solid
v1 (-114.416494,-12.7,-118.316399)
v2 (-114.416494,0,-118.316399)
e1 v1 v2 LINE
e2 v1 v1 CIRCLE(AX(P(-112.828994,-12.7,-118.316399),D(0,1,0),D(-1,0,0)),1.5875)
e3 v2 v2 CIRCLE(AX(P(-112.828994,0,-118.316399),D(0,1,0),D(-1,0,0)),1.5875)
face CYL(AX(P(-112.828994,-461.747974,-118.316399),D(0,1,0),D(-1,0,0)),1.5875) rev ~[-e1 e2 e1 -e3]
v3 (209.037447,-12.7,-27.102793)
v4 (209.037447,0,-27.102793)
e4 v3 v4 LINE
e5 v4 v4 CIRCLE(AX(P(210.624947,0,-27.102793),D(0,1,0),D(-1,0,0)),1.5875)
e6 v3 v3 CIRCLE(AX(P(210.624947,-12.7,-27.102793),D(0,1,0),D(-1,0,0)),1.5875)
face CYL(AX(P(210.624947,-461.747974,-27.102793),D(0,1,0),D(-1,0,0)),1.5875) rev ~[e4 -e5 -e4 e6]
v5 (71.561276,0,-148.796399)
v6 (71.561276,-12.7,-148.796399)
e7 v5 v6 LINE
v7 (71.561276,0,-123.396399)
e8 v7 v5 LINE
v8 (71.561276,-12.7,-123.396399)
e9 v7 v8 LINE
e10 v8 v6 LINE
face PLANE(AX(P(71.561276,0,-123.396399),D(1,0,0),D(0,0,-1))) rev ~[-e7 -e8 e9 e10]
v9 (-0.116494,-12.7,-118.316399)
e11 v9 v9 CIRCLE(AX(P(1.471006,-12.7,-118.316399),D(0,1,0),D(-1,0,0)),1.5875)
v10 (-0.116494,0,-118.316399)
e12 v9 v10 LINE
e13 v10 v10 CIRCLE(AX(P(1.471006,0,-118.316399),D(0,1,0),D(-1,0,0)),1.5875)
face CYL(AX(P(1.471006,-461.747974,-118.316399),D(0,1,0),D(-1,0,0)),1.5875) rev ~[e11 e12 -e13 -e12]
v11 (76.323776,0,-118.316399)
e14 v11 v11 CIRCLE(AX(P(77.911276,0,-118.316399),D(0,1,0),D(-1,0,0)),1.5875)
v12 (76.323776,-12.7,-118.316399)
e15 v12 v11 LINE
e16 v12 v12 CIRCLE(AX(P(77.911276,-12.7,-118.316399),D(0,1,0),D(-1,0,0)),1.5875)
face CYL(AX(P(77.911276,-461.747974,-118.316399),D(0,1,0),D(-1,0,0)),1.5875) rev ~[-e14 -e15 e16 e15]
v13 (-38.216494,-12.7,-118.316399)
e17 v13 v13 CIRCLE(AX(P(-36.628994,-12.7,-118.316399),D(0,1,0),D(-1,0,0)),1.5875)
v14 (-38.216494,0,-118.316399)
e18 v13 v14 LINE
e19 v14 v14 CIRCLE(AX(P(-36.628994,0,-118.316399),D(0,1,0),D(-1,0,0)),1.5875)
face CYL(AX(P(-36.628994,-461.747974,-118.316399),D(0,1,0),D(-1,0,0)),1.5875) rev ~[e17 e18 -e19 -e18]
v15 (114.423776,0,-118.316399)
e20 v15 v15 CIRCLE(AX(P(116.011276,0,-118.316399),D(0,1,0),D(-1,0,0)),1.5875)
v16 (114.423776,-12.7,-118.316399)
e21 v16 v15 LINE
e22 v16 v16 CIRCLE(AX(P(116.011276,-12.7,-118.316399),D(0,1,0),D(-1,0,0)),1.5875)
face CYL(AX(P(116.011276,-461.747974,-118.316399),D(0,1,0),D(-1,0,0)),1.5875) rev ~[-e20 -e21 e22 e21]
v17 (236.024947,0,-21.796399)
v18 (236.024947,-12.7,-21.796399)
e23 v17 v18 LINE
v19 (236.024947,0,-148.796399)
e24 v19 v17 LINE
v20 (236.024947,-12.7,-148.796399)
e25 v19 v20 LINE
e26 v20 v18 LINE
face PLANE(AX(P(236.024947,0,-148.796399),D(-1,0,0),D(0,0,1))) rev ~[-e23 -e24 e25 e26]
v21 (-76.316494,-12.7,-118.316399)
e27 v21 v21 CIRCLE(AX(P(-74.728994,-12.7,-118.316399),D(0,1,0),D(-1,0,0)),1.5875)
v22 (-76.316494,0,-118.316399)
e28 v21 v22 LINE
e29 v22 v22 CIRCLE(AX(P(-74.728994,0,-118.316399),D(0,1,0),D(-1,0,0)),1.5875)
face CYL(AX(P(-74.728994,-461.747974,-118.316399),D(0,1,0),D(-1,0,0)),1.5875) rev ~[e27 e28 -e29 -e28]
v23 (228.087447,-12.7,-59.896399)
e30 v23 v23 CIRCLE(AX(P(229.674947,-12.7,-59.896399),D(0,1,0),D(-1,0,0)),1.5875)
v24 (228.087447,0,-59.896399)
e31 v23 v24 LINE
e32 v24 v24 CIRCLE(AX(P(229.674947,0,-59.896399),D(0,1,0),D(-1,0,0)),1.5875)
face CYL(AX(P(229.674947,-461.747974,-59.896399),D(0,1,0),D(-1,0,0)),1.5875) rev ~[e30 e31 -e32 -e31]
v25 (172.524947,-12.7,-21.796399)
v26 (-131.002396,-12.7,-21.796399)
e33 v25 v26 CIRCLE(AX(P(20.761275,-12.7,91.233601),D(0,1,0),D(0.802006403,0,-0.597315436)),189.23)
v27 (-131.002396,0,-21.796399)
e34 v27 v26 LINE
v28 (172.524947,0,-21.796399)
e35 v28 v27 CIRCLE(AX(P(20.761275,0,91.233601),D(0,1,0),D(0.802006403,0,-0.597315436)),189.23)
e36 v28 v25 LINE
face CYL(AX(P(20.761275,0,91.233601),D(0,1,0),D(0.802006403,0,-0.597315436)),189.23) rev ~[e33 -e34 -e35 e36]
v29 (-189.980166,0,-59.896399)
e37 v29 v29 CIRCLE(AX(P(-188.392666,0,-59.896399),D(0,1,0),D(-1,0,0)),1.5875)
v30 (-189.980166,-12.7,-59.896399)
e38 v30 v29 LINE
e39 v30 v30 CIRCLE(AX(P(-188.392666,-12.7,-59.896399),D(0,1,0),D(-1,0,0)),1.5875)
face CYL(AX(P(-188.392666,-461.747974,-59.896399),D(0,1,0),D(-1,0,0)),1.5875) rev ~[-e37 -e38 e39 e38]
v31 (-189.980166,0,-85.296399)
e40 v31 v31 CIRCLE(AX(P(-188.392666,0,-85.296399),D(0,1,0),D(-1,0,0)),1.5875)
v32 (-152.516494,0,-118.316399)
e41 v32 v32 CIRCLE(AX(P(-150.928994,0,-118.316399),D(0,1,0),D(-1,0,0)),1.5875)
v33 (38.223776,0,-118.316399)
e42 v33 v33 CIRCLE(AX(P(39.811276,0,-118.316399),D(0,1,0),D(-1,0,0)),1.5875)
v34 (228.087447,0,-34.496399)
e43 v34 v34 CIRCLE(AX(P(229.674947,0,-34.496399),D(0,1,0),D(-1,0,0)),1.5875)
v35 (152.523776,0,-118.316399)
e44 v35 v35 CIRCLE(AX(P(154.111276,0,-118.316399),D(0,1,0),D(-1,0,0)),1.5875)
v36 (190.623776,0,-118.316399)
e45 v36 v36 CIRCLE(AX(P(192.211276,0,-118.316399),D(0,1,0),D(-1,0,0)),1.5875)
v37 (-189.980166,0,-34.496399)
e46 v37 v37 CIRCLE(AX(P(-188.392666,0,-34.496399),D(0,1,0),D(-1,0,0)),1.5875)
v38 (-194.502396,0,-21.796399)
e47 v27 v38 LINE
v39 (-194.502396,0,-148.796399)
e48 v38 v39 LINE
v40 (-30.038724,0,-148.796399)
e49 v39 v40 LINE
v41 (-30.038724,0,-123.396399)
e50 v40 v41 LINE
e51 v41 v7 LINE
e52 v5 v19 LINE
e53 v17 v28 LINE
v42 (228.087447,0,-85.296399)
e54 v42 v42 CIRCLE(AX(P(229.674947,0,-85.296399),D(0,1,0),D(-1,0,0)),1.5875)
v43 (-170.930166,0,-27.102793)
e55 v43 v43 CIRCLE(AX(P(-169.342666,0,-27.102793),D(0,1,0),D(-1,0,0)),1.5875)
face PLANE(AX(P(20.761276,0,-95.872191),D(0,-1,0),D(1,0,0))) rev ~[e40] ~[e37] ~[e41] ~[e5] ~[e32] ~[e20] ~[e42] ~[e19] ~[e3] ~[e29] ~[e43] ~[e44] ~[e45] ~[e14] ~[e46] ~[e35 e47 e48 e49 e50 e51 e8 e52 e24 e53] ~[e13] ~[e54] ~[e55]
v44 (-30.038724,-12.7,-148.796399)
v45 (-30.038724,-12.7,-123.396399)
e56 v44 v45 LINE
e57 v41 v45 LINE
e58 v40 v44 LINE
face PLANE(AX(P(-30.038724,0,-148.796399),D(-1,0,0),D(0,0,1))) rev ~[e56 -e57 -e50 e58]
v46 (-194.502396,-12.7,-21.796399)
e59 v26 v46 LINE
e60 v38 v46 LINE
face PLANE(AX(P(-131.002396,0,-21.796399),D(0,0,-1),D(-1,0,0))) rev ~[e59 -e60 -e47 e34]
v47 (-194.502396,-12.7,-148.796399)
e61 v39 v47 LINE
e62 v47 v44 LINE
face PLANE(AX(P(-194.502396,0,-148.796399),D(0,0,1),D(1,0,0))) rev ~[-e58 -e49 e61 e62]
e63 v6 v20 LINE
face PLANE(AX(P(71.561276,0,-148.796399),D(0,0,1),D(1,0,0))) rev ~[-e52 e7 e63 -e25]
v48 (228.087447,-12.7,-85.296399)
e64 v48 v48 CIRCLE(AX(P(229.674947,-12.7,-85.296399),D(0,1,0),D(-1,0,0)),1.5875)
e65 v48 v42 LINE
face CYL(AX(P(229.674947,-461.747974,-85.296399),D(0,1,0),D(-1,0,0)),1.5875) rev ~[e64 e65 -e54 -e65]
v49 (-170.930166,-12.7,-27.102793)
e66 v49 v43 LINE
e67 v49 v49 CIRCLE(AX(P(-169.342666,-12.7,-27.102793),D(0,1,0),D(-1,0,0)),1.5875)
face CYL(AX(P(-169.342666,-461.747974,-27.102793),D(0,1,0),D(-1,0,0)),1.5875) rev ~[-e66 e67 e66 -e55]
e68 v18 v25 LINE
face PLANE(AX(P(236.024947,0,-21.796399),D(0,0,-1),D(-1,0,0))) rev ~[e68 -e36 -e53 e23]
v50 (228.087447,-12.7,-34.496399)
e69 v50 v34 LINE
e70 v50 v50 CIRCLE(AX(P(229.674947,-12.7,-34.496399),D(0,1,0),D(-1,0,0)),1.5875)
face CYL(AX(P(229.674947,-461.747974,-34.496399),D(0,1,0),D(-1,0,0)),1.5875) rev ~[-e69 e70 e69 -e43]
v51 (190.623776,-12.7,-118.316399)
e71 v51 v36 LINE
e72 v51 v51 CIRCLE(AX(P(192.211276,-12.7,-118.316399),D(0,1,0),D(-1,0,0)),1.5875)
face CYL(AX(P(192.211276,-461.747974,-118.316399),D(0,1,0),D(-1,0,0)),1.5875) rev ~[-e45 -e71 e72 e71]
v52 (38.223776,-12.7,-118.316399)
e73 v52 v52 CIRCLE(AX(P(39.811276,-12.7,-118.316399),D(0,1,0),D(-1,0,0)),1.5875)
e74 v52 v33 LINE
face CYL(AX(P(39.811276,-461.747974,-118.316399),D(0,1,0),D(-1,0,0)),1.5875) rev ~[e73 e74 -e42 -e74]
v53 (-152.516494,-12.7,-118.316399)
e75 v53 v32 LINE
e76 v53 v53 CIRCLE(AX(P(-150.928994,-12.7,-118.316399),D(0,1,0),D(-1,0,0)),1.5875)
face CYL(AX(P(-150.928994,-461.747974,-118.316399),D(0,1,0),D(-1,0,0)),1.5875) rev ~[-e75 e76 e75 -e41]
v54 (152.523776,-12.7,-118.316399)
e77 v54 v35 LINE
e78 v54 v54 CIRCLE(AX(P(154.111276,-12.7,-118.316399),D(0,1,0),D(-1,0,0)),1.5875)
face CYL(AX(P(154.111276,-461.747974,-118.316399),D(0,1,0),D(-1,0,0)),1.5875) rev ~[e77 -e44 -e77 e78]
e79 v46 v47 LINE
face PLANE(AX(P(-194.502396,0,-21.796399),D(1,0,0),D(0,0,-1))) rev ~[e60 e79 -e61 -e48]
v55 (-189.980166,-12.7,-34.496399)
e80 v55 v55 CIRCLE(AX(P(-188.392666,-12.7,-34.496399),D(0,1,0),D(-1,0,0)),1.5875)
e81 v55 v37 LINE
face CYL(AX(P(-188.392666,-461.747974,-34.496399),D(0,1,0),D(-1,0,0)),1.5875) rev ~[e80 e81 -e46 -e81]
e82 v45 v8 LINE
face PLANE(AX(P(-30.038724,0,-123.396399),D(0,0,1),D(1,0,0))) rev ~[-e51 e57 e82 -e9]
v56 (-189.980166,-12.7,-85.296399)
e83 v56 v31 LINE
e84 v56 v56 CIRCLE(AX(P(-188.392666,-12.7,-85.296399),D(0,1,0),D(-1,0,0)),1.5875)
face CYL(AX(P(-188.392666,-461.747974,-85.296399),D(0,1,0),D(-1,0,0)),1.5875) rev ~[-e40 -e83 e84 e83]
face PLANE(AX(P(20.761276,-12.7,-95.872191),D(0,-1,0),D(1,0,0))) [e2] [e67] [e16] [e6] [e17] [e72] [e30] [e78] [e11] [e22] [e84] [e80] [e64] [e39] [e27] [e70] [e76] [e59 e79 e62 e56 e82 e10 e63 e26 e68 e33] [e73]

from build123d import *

# Parameters (mm, degrees)
F1_DEPTH = 12.7
F3_D     = 3.175


with BuildPart() as f1:
    # F0 (on Front) → F1 (new body)
    with BuildSketch(Plane.XZ):
        with BuildLine():
            Line((-131.002396, -21.796399), (-194.502396, -21.796399))
            Line((-194.502396, -21.796399), (-194.502396, -148.796399))
            Line((-194.502396, -148.796399), (-30.038724, -148.796399))
            Line((-30.038724, -148.796399), (-30.038724, -123.396399))
            Line((-30.038724, -123.396399), (71.561276, -123.396399))
            Line((71.561276, -123.396399), (71.561276, -148.796399))
            Line((71.561276, -148.796399), (236.024947, -148.796399))
            Line((236.024947, -148.796399), (236.024947, -21.796399))
            Line((236.024947, -21.796399), (172.524947, -21.796399))
            ThreePointArc((172.524947, -21.796399), (20.761276, -97.996399), (-131.002396, -21.796399))
        make_face()
    extrude(amount=F1_DEPTH)

    # F3 (through all)
    with Locations(Plane.XZ.offset(12.7)):
        with Locations((229.674947, -34.496399), (229.674947, -59.896399), (229.674947, -85.296399), (192.211276, -118.316399), (154.111276, -118.316399), (116.011276, -118.316399), (77.911276, -118.316399), (39.811276, -118.316399), (210.624947, -27.102793), (1.471006, -118.316399), (-36.628994, -118.316399), (-74.728994, -118.316399), (-112.828994, -118.316399), (-150.928994, -118.316399), (-188.392666, -85.296399), (-188.392666, -59.896399), (-188.392666, -34.496399), (-169.342666, -27.102793)):
            Hole(F3_D / 2)


solid = f1.part
